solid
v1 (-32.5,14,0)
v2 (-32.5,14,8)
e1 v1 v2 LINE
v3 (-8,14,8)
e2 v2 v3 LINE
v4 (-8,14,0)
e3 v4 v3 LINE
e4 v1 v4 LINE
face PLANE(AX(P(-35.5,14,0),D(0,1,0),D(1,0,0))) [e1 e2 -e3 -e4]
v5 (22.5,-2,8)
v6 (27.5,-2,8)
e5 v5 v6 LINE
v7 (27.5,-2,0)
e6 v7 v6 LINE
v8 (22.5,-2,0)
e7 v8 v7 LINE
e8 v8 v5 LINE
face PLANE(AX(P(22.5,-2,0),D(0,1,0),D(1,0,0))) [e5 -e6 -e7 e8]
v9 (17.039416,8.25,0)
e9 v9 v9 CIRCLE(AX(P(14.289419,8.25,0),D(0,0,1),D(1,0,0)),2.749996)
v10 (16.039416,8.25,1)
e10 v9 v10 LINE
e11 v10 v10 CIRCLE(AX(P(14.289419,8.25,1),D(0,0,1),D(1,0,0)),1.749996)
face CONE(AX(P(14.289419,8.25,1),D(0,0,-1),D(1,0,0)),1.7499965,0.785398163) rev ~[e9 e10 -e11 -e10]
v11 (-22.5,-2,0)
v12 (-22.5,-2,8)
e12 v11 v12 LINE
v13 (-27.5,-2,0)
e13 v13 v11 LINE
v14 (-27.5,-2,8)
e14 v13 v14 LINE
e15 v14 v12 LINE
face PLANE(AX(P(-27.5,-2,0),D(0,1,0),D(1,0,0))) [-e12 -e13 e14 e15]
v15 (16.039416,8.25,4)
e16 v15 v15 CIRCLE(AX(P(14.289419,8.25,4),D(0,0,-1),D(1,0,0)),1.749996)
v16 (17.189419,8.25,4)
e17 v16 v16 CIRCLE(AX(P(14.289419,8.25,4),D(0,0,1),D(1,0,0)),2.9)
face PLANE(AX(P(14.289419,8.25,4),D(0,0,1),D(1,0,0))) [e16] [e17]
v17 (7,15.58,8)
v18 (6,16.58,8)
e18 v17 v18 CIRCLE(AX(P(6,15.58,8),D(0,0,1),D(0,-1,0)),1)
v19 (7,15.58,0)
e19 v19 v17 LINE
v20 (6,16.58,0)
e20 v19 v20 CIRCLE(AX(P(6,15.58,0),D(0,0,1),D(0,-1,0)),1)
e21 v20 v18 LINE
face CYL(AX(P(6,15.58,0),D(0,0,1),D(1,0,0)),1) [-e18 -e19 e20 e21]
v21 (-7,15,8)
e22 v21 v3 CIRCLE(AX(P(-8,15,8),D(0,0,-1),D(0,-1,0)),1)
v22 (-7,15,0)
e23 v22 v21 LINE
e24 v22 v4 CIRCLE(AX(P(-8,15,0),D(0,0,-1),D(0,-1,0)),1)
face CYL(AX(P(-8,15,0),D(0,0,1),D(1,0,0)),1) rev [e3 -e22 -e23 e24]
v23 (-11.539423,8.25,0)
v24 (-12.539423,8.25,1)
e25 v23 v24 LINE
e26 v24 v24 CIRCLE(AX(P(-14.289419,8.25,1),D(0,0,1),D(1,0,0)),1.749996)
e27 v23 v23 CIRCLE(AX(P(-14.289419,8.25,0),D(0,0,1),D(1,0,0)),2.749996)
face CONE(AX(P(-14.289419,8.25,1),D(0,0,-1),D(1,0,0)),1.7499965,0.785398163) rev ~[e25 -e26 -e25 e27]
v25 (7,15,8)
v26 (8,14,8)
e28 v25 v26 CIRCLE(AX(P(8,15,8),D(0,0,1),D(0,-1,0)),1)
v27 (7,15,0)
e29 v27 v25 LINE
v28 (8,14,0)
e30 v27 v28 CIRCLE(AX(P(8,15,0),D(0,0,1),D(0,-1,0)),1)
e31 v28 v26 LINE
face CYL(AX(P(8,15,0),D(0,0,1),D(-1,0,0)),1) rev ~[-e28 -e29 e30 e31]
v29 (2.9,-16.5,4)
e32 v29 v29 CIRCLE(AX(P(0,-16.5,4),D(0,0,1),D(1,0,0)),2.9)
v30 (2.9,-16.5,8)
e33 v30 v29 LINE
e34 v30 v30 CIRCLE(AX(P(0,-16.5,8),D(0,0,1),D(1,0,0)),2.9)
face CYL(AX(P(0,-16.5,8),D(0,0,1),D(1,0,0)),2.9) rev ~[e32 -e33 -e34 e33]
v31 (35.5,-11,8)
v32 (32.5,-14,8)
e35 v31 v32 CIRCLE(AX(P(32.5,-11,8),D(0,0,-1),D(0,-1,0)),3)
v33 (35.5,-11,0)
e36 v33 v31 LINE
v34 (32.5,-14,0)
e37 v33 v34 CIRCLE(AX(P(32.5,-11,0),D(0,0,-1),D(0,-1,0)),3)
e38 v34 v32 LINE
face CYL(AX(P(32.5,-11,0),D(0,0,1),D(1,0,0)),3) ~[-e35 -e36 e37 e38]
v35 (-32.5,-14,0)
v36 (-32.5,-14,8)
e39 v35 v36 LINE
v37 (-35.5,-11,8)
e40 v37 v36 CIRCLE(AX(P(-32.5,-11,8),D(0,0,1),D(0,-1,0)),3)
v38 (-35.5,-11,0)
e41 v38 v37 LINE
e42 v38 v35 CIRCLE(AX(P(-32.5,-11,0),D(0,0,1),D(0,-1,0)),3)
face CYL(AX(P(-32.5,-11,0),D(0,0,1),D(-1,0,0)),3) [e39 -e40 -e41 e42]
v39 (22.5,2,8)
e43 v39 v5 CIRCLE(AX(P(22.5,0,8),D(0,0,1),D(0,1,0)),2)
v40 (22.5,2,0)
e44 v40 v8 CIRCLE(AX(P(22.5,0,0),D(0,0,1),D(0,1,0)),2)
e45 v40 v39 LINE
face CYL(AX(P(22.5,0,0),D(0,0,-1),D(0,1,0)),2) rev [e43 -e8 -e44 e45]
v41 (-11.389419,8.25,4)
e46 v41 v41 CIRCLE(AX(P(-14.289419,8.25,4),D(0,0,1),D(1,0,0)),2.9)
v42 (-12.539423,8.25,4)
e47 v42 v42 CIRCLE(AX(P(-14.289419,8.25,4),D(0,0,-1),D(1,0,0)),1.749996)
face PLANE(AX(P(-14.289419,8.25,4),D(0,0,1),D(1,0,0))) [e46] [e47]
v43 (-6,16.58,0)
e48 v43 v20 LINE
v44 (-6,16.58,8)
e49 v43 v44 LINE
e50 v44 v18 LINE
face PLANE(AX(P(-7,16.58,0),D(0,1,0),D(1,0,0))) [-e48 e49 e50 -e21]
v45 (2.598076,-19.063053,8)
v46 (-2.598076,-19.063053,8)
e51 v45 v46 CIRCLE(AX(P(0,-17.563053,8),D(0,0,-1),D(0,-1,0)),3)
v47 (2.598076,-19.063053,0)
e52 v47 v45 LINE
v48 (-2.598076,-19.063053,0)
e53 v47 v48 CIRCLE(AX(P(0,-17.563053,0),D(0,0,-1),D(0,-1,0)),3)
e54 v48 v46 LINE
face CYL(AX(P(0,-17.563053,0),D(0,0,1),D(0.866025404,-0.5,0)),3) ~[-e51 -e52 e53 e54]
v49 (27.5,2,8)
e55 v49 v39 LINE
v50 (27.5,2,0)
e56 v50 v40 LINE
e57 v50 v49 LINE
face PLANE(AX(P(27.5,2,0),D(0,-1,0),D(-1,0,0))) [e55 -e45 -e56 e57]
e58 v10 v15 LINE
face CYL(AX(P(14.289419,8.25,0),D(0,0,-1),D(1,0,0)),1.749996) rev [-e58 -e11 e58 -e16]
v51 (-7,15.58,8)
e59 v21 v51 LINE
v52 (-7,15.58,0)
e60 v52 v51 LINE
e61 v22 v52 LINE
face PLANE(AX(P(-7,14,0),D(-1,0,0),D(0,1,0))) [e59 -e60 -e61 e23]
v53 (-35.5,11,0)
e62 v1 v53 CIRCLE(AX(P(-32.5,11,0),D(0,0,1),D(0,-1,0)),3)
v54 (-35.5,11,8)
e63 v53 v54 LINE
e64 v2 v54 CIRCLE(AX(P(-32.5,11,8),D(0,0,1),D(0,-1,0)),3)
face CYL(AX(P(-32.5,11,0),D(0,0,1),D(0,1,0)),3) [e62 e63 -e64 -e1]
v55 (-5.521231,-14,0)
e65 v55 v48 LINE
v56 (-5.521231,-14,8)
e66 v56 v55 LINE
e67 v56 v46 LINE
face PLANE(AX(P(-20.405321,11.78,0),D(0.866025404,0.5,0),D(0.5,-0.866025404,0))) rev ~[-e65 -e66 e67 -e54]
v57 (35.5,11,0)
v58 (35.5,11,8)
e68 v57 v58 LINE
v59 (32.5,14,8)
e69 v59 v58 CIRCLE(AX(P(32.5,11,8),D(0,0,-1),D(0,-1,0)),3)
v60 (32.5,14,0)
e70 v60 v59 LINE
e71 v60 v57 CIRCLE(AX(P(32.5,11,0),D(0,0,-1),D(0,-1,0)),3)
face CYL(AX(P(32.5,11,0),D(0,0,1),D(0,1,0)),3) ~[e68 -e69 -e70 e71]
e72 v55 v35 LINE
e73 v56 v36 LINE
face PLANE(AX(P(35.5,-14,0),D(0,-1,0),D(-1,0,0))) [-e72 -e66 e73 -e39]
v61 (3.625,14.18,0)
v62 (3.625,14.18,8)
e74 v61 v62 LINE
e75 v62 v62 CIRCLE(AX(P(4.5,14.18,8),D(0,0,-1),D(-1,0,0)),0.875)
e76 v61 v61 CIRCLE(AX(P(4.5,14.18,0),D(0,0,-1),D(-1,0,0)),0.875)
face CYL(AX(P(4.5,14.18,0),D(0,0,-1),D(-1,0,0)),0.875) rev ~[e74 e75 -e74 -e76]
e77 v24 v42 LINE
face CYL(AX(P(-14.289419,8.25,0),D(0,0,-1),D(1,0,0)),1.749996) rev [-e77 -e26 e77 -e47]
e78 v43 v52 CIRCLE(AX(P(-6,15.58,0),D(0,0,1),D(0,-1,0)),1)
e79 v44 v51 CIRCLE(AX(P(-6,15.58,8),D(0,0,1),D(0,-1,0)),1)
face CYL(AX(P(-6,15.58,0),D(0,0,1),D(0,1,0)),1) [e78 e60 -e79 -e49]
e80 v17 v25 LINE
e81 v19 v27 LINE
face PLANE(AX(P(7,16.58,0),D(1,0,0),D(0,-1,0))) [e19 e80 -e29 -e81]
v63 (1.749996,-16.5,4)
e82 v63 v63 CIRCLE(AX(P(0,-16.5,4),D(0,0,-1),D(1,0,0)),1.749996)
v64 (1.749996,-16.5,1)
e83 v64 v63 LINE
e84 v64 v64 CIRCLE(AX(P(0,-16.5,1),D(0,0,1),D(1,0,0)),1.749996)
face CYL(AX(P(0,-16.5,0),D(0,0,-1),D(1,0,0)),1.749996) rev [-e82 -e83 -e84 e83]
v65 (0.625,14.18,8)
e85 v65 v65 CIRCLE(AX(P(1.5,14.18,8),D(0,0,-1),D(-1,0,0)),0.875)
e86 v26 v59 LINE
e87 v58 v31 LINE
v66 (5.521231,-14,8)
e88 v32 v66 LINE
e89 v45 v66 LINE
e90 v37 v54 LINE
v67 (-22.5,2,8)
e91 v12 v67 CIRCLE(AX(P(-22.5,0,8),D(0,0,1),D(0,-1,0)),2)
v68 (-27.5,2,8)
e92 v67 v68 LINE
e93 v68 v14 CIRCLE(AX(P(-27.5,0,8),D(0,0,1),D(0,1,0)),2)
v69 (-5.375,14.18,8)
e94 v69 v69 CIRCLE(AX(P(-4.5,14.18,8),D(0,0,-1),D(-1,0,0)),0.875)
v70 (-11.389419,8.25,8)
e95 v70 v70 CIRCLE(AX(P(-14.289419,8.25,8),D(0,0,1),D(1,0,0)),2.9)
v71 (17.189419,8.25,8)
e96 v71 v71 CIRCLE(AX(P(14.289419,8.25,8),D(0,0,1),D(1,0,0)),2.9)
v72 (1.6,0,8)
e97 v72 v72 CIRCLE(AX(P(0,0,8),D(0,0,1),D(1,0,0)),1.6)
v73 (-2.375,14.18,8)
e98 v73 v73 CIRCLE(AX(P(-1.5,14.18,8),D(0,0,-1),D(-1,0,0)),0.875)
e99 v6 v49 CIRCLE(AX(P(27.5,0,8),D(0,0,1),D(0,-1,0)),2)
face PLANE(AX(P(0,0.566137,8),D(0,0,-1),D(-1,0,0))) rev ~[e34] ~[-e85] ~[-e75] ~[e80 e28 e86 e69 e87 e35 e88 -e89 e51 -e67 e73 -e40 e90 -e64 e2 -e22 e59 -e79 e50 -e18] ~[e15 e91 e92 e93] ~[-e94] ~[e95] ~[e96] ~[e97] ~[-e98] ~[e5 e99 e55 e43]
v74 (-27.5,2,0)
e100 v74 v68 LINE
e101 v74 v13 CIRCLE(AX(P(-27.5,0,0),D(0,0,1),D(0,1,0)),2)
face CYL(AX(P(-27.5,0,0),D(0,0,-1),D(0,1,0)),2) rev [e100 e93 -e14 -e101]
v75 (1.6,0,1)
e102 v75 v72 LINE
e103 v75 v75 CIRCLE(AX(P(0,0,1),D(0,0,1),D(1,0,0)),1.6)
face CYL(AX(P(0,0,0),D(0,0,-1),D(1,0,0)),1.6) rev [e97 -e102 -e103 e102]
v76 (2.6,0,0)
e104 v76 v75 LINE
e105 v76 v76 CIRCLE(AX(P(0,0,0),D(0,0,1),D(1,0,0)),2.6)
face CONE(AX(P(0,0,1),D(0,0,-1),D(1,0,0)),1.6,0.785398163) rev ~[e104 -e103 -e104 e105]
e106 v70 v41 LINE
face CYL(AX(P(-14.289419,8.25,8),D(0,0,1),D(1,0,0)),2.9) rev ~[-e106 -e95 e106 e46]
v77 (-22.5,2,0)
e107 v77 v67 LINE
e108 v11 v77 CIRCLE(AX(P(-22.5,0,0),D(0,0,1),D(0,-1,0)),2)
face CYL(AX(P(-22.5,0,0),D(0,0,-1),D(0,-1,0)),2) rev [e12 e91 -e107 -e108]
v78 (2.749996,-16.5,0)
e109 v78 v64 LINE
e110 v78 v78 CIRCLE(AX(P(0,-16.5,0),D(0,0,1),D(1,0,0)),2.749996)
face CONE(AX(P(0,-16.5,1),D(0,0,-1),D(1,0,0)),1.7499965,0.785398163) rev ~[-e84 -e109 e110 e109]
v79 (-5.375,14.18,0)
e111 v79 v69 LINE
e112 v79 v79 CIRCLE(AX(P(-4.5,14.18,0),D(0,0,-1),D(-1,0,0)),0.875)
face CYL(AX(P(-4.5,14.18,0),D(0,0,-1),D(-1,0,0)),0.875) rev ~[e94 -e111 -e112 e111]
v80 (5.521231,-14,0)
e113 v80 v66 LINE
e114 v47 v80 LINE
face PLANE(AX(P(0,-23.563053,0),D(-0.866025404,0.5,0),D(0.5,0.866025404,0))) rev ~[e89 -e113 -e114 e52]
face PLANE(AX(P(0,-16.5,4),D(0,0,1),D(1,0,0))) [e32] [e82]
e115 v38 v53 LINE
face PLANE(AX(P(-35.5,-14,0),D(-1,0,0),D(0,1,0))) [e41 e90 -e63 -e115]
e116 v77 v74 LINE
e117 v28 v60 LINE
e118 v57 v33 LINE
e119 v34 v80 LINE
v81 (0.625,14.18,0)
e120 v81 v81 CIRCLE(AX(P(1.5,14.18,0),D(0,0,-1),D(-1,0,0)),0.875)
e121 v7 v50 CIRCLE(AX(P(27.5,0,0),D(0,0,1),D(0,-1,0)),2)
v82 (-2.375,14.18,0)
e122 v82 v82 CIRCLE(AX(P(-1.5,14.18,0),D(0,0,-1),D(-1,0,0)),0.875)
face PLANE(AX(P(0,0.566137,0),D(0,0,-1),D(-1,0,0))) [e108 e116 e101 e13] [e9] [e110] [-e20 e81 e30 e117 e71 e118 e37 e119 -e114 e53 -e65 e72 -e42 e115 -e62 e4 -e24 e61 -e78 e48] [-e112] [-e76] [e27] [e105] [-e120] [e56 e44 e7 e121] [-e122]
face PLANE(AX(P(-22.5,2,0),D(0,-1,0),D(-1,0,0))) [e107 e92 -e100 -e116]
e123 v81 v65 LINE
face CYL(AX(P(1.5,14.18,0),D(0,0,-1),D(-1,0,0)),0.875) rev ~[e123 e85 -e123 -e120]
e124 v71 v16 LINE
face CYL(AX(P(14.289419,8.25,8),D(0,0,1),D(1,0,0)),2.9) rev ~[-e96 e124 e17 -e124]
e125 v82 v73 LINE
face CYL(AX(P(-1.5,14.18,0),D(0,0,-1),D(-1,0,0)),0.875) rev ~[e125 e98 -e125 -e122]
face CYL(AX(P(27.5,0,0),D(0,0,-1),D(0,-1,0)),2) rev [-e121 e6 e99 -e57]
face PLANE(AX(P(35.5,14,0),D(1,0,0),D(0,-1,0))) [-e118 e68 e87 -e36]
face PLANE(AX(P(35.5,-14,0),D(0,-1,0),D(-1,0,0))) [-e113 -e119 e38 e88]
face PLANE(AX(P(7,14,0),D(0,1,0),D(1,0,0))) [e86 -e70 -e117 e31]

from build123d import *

# Parameters (mm, degrees)
MODEL_R             = 1.7499965
MODEL_R_2           = 1.6
BOSS_EXTRUDE1_DEPTH = 8
FILLET1_R           = 3
SKETCH1_R           = 0.875
SKETCH1_R_2         = 1.7499965
SKETCH1_R_3         = 1.6
BOSS_EXTRUDE2_DEPTH = 8
FILLET2_R           = 1
FILLET3_R           = 3
SKETCH2_R           = 2.9
CUT_EXTRUDE1_DEPTH  = 4
CHAMFER1_SIZE       = 1


with BuildPart() as part:
    # Model → Boss-Extrude1 (new body)
    with BuildSketch(Plane.XY):
        Polygon((20.40532142, 11.78), (-20.40532142, 11.78), (0, -23.563053444), align=None)
        with Locations((0, -16.5)):
            Circle(MODEL_R, mode=Mode.SUBTRACT)
        Circle(MODEL_R_2, mode=Mode.SUBTRACT)
        with Locations((-14.289419163, 8.25)):
            Circle(MODEL_R, mode=Mode.SUBTRACT)
        with Locations((14.289419163, 8.25)):
            Circle(MODEL_R, mode=Mode.SUBTRACT)
    extrude(amount=BOSS_EXTRUDE1_DEPTH)

    # Fillet1
    fillet1_edges = [part.edges().sort_by_distance(p)[0] for p in [
        (0, -23.563053444, 4),
        (-20.40532142, 11.78, 4),
        (20.40532142, 11.78, 4),
    ]]
    fillet(fillet1_edges, radius=FILLET1_R)

    # Sketch1 → Boss-Extrude2 (add)
    with BuildSketch(Plane(origin=(0, 0, 0), x_dir=(-1, 0, 0), z_dir=(0, 0, -1))):
        Polygon((-7, 16.58), (-7, 14), (-35.5, 14), (-35.5, -14), (-5.52123148, -14), (5.52123148, -14), (35.5, -14), (35.5, 14), (7, 14), (7, 16.58), align=None)
        with Locations((-1.5, 14.18)):
            Circle(SKETCH1_R, mode=Mode.SUBTRACT)
        with Locations((-4.5, 14.18)):
            Circle(SKETCH1_R, mode=Mode.SUBTRACT)
        with Locations((1.5, 14.18)):
            Circle(SKETCH1_R, mode=Mode.SUBTRACT)
        with Locations((4.5, 14.18)):
            Circle(SKETCH1_R, mode=Mode.SUBTRACT)
        with Locations(Location((-14.289419163, 8.25, 0), (0, 0, 180))):
            Circle(SKETCH1_R_2, mode=Mode.SUBTRACT)
        with Locations(Location((14.289419163, 8.25, 0), (0, 0, 180))):
            Circle(SKETCH1_R_2, mode=Mode.SUBTRACT)
        with Locations(Location((0, 0, 0), (0, 0, 180))):
            Circle(SKETCH1_R_3, mode=Mode.SUBTRACT)
        with BuildLine():
            Line((-27.5, 2), (-22.5, 2))
            ThreePointArc((-22.5, 2), (-20.5, 0), (-22.5, -2))
            Line((-22.5, -2), (-27.5, -2))
            ThreePointArc((-27.5, -2), (-29.5, 0), (-27.5, 2))
        make_face(mode=Mode.SUBTRACT)
        with BuildLine():
            Line((22.5, 2), (27.5, 2))
            ThreePointArc((27.5, 2), (29.5, 0), (27.5, -2))
            Line((27.5, -2), (22.5, -2))
            ThreePointArc((22.5, -2), (20.5, 0), (22.5, 2))
        make_face(mode=Mode.SUBTRACT)
    extrude(amount=-BOSS_EXTRUDE2_DEPTH)

    # Fillet2
    fillet2_edges = [part.edges().sort_by_distance(p)[0] for p in [
        (7, 16.58, 4),
        (-7, 16.58, 4),
        (-7, 14, 4),
        (7, 14, 4),
    ]]
    fillet(fillet2_edges, radius=FILLET2_R)

    # Fillet3
    fillet3_edges = [part.edges().sort_by_distance(p)[0] for p in [
        (-35.5, -14, 4),
        (-35.5, 14, 4),
        (35.5, -14, 4),
        (35.5, 14, 4),
    ]]
    fillet(fillet3_edges, radius=FILLET3_R)

    # Sketch2 → Cut-Extrude1 (cut)
    with BuildSketch(Plane.XY.offset(8)):
        with Locations((-14.289419163, 8.25)):
            Circle(SKETCH2_R)
        with Locations((14.289419163, 8.25)):
            Circle(SKETCH2_R)
        with Locations((0, -16.5)):
            Circle(SKETCH2_R)
    extrude(amount=-CUT_EXTRUDE1_DEPTH, mode=Mode.SUBTRACT)

    # Chamfer1
    chamfer1_edges = [part.edges().sort_by_distance(p)[0] for p in [
        (-1.6, 0, 0),
        (-16.039415663, 8.25, 0),
        (12.539422663, 8.25, 0),
        (-1.7499965, -16.5, 0),
    ]]
    chamfer(chamfer1_edges, length=CHAMFER1_SIZE)


solid = part.part
